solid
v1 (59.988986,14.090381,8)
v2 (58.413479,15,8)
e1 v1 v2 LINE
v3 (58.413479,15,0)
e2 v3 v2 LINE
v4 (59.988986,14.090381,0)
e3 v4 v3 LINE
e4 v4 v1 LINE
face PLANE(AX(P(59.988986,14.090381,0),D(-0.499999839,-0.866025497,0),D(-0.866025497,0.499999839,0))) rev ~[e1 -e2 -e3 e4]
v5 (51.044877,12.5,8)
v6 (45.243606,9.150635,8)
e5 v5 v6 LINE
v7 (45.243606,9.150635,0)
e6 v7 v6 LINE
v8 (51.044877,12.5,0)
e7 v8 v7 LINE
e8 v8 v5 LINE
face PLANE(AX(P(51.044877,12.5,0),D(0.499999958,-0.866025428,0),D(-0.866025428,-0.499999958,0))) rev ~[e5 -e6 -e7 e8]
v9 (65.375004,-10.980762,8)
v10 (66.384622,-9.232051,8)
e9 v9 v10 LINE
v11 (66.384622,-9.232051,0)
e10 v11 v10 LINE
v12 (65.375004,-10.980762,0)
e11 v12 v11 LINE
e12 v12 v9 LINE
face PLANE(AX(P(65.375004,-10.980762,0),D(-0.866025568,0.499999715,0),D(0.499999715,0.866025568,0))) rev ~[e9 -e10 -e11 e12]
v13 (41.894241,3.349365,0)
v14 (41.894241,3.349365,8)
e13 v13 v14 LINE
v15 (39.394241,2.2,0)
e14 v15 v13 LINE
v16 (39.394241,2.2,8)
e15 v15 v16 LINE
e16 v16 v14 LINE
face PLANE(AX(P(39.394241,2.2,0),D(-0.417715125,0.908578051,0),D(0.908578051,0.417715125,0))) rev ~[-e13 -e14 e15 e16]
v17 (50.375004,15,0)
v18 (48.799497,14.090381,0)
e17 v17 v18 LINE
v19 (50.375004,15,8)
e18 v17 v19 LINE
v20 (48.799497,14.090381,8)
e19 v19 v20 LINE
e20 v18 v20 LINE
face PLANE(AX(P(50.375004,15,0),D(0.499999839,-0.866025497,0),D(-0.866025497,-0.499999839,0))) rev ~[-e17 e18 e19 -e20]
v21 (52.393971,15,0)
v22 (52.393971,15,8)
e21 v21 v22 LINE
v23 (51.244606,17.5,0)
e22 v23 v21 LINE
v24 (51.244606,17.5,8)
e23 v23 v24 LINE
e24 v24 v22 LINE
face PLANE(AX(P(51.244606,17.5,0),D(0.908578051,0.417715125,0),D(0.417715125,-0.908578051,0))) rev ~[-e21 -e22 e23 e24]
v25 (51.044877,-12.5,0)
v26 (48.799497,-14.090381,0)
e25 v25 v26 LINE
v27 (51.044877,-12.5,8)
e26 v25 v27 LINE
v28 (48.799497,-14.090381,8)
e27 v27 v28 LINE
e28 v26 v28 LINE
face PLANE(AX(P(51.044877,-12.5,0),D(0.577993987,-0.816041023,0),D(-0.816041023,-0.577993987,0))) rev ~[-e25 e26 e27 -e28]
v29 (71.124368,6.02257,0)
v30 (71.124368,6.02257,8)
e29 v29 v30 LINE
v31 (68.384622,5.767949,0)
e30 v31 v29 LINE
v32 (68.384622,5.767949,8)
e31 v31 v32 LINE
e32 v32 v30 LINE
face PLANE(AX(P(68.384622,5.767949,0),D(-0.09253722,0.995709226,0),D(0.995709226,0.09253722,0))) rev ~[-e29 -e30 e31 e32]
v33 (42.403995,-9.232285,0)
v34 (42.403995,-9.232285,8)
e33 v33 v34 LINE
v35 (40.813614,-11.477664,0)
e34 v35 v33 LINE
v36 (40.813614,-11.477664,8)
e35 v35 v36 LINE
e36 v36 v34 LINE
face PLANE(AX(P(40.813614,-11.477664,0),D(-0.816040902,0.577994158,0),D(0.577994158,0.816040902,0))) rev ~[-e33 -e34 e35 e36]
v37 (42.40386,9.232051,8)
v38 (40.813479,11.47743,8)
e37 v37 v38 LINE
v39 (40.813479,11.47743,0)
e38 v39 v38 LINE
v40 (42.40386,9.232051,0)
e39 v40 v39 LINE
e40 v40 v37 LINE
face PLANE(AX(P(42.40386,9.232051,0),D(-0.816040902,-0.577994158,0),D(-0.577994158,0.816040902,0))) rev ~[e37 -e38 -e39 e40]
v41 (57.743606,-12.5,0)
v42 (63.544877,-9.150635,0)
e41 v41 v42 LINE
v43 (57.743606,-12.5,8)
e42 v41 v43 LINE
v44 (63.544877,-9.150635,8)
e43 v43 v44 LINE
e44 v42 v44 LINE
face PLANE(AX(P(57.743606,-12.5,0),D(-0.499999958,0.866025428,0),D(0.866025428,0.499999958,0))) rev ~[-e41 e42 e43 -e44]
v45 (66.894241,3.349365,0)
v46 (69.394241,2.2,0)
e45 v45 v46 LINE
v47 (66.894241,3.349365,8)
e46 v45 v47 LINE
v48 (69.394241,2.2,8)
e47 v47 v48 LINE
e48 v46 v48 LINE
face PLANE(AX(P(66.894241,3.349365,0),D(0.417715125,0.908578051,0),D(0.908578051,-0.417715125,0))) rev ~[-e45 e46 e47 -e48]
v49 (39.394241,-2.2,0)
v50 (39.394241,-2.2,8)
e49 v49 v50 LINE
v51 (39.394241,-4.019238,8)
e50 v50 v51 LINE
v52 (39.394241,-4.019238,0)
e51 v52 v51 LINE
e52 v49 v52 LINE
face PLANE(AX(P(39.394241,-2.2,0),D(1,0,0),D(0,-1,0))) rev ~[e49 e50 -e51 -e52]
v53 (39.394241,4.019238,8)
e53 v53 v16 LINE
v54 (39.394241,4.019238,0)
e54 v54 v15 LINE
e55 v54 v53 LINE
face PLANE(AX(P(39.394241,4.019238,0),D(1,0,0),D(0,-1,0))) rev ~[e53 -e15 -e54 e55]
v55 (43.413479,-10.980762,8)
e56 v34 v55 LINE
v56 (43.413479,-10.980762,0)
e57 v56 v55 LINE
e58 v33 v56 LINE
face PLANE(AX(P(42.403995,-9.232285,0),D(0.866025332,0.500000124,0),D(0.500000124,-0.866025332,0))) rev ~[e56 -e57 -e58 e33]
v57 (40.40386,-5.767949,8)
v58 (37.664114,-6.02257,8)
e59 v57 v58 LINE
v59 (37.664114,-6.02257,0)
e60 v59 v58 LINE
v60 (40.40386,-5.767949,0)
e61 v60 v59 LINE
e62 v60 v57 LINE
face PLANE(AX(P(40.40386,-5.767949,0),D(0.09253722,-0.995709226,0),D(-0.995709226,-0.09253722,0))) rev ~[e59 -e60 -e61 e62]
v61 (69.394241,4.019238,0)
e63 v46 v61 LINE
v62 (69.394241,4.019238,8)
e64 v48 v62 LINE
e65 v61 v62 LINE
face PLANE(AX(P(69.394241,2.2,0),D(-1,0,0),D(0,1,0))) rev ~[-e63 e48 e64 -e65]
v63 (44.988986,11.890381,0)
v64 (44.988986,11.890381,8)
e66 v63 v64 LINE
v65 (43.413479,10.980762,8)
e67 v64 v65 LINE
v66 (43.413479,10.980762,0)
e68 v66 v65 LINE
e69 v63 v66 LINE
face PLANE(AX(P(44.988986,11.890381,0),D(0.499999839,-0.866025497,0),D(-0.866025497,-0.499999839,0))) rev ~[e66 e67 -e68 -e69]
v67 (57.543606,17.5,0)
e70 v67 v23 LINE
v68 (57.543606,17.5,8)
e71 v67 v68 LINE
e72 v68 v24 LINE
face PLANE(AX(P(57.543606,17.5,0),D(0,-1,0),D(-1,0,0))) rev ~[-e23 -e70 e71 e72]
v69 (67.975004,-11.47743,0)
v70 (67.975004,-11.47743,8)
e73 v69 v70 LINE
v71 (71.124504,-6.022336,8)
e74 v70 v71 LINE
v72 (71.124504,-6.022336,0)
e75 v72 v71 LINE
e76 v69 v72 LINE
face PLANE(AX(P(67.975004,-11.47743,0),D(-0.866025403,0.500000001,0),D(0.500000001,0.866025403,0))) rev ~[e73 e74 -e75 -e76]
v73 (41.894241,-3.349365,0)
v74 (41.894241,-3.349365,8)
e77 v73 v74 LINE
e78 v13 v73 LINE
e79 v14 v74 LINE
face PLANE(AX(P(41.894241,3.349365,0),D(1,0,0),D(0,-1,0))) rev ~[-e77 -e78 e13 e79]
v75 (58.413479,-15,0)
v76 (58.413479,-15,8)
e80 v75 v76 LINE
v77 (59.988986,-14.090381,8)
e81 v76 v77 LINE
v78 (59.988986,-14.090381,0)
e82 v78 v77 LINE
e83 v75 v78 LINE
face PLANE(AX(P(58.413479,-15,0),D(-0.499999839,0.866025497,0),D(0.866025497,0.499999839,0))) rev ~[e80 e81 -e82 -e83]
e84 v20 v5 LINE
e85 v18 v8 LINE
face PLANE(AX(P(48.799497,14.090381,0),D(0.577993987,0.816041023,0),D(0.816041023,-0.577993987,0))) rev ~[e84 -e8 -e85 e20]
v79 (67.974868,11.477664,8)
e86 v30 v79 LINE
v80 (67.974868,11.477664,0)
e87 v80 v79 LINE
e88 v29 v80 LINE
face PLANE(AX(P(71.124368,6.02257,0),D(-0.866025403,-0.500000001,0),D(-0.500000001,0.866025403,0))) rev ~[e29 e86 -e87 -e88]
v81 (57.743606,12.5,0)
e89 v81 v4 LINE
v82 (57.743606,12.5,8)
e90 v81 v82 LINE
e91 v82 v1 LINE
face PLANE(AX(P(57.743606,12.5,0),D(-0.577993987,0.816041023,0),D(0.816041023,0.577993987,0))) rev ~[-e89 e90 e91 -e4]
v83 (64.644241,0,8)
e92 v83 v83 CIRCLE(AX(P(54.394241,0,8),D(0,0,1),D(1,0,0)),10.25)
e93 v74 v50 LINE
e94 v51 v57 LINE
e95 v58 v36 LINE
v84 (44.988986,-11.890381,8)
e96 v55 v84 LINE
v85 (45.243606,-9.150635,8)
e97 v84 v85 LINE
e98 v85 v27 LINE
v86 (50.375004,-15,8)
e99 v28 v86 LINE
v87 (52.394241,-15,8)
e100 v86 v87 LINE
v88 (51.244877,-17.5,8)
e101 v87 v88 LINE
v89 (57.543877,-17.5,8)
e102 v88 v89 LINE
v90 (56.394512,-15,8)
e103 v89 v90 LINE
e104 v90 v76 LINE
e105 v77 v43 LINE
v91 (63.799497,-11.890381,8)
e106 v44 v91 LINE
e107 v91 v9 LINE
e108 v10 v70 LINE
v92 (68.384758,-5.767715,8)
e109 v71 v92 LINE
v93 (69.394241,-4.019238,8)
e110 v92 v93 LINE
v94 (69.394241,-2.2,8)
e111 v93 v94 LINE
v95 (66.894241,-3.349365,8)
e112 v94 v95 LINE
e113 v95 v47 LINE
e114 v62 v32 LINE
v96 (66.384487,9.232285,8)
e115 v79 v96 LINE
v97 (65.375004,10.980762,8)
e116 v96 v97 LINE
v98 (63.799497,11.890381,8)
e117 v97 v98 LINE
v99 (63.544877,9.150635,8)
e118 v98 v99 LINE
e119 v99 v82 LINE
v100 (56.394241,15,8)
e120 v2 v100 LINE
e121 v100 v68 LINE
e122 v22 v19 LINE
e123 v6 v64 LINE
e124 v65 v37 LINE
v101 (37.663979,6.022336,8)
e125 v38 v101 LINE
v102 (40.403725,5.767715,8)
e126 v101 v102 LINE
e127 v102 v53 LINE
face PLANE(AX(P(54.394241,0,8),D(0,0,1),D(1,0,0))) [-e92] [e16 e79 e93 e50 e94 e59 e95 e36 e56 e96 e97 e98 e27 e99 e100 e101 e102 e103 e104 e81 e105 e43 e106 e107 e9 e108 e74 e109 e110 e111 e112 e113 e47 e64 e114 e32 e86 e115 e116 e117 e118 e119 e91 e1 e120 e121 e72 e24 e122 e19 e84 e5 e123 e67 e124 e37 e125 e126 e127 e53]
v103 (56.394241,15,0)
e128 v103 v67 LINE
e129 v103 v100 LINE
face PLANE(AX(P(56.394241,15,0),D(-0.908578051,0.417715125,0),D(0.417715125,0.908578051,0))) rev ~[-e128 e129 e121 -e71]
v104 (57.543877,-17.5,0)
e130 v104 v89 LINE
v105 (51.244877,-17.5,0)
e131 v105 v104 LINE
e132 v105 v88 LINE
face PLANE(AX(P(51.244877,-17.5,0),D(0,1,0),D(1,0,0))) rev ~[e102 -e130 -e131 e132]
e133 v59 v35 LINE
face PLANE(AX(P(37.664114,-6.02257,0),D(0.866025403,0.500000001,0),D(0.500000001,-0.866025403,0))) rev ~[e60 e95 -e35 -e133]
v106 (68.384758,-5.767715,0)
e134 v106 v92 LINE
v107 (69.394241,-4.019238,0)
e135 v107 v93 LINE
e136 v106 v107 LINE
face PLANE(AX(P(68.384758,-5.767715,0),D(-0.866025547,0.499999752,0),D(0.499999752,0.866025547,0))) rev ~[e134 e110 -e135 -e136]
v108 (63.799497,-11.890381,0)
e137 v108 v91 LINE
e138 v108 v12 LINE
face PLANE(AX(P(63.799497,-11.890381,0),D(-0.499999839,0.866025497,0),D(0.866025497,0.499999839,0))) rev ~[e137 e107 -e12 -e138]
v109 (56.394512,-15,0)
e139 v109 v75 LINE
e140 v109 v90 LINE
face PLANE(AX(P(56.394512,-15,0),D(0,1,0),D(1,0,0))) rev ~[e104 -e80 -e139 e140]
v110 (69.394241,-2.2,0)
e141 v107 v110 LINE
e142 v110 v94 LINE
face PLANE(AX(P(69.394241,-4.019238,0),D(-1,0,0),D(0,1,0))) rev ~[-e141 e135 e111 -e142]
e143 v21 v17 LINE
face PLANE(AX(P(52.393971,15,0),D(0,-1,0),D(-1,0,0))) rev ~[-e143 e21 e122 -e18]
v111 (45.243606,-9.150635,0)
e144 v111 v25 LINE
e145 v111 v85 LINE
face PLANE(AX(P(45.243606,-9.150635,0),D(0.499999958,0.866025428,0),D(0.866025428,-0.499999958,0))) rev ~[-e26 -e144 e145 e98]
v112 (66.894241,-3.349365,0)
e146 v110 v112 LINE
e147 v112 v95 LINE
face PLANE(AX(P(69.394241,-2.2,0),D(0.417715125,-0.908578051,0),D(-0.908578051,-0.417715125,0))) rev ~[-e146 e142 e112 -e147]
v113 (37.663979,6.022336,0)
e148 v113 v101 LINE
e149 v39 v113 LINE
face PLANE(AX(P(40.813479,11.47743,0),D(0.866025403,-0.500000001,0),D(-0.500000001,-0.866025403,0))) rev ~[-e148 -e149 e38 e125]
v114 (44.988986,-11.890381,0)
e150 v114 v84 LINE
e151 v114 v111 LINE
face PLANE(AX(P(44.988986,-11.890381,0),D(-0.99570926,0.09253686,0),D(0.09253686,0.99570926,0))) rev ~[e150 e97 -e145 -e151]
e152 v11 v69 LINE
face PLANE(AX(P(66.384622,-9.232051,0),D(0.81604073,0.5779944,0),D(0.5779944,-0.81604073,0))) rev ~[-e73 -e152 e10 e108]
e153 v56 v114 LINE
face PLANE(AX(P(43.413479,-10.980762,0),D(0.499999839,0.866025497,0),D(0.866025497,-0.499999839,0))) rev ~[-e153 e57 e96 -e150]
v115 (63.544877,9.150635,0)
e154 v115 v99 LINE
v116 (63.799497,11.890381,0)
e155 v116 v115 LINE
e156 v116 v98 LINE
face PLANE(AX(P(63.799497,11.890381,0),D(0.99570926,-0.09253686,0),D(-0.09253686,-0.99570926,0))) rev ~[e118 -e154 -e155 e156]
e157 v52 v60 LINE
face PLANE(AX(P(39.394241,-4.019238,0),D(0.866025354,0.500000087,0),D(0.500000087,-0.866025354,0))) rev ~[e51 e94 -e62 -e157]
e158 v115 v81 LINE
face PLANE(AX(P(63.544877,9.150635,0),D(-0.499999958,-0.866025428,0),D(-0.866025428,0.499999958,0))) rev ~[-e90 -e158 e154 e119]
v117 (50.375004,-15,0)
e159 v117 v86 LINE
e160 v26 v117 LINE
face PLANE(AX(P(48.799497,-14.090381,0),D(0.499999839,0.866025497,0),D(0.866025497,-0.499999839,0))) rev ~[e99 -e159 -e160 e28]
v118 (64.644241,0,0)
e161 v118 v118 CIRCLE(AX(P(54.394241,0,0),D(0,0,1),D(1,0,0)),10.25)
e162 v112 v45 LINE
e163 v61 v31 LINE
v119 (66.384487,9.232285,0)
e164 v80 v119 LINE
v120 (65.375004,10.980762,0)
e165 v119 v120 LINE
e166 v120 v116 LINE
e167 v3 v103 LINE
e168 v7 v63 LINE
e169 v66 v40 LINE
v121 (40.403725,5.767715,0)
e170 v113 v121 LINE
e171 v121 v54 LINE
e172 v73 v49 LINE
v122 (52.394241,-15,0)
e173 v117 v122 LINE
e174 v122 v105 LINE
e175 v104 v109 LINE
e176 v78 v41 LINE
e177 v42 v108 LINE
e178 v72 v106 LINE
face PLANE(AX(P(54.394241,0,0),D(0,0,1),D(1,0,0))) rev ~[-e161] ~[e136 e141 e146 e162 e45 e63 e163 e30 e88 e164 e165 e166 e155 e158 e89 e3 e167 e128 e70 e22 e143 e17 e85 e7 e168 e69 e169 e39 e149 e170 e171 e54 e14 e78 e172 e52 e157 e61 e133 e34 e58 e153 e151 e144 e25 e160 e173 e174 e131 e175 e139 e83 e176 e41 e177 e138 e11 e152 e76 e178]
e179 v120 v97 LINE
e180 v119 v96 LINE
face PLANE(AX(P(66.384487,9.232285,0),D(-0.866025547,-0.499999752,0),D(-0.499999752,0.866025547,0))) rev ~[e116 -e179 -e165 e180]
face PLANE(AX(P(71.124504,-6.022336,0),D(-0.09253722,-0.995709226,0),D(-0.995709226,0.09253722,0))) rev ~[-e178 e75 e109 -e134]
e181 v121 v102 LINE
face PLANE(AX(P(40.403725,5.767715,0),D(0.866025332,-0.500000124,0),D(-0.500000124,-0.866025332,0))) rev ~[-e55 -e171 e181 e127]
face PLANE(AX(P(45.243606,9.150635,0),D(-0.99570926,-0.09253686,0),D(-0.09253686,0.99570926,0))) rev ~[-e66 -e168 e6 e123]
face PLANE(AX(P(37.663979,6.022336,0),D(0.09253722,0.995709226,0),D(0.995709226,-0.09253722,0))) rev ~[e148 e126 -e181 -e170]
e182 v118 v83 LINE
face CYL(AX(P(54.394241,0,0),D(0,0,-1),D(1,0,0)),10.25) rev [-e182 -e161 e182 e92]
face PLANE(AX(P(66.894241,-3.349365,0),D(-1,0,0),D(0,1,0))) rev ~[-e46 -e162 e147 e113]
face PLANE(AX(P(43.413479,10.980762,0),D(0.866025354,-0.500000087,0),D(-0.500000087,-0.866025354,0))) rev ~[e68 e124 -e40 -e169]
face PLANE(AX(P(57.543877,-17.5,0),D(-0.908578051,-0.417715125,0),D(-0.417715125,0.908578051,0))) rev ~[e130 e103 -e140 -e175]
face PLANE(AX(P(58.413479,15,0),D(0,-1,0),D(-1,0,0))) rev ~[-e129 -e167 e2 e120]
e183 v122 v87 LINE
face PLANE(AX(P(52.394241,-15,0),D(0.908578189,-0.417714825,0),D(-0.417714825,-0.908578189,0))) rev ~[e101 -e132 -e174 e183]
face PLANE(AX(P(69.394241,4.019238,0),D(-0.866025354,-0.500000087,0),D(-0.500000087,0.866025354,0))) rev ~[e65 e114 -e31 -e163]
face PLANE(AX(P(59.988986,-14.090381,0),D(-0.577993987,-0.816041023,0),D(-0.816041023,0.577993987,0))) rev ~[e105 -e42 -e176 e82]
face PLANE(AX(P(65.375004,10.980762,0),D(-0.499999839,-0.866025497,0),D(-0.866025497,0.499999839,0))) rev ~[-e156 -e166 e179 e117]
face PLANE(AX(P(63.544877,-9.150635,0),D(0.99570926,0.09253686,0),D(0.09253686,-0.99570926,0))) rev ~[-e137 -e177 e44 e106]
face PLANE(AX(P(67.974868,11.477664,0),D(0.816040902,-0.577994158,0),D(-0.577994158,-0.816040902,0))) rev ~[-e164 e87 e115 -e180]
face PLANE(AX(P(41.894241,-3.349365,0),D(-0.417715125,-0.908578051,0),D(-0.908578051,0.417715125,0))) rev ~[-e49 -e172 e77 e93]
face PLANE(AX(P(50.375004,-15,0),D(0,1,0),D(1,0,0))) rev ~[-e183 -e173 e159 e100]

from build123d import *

# Parameters (mm, degrees)
F0_R     = 10.25
F1_DEPTH = 8


with BuildPart() as f1:
    # F0 (on Top) → F1 (new body)
    with BuildSketch(Plane.XY):
        Polygon((63.544877, 9.150635), (57.743606, 12.5), (59.988986, 14.090381), (58.413479, 15), (57.743606, 15), (57.543606, 15), (56.394241, 15), (57.543606, 17.5), (51.244606, 17.5), (52.393971, 15), (50.375004, 15), (48.799497, 14.090381), (51.044877, 12.5), (45.243606, 9.150635), (44.988986, 11.890381), (43.413479, 10.980762), (42.40386, 9.232051), (40.813479, 11.47743), (37.663979, 6.022336), (40.403725, 5.767715), (39.394241, 4.019238), (39.394241, 2.2), (41.894241, 3.349365), (41.894241, -3.349365), (39.394241, -2.2), (39.394241, -4.019238), (40.40386, -5.767949), (37.664114, -6.02257), (40.813614, -11.477664), (42.403995, -9.232285), (43.413479, -10.980762), (44.988986, -11.890381), (45.243606, -9.150635), (51.044877, -12.5), (48.799497, -14.090381), (50.375004, -15), (52.394241, -15), (51.244877, -17.5), (57.543877, -17.5), (56.394512, -15), (58.413479, -15), (59.988986, -14.090381), (57.743606, -12.5), (63.544877, -9.150635), (63.799497, -11.890381), (65.375004, -10.980762), (66.384622, -9.232051), (67.975004, -11.47743), (71.124504, -6.022336), (68.384758, -5.767715), (69.394241, -4.019238), (69.394241, -2.2), (66.894241, -3.349365), (66.894241, 3.349365), (69.394241, 2.2), (69.394241, 4.019238), (68.384622, 5.767949), (71.124368, 6.02257), (67.974868, 11.477664), (66.384487, 9.232285), (65.375004, 10.980762), (63.799497, 11.890381), align=None)
        with Locations((54.394241, 0)):
            Circle(F0_R, mode=Mode.SUBTRACT)
    extrude(amount=F1_DEPTH)


solid = f1.part
